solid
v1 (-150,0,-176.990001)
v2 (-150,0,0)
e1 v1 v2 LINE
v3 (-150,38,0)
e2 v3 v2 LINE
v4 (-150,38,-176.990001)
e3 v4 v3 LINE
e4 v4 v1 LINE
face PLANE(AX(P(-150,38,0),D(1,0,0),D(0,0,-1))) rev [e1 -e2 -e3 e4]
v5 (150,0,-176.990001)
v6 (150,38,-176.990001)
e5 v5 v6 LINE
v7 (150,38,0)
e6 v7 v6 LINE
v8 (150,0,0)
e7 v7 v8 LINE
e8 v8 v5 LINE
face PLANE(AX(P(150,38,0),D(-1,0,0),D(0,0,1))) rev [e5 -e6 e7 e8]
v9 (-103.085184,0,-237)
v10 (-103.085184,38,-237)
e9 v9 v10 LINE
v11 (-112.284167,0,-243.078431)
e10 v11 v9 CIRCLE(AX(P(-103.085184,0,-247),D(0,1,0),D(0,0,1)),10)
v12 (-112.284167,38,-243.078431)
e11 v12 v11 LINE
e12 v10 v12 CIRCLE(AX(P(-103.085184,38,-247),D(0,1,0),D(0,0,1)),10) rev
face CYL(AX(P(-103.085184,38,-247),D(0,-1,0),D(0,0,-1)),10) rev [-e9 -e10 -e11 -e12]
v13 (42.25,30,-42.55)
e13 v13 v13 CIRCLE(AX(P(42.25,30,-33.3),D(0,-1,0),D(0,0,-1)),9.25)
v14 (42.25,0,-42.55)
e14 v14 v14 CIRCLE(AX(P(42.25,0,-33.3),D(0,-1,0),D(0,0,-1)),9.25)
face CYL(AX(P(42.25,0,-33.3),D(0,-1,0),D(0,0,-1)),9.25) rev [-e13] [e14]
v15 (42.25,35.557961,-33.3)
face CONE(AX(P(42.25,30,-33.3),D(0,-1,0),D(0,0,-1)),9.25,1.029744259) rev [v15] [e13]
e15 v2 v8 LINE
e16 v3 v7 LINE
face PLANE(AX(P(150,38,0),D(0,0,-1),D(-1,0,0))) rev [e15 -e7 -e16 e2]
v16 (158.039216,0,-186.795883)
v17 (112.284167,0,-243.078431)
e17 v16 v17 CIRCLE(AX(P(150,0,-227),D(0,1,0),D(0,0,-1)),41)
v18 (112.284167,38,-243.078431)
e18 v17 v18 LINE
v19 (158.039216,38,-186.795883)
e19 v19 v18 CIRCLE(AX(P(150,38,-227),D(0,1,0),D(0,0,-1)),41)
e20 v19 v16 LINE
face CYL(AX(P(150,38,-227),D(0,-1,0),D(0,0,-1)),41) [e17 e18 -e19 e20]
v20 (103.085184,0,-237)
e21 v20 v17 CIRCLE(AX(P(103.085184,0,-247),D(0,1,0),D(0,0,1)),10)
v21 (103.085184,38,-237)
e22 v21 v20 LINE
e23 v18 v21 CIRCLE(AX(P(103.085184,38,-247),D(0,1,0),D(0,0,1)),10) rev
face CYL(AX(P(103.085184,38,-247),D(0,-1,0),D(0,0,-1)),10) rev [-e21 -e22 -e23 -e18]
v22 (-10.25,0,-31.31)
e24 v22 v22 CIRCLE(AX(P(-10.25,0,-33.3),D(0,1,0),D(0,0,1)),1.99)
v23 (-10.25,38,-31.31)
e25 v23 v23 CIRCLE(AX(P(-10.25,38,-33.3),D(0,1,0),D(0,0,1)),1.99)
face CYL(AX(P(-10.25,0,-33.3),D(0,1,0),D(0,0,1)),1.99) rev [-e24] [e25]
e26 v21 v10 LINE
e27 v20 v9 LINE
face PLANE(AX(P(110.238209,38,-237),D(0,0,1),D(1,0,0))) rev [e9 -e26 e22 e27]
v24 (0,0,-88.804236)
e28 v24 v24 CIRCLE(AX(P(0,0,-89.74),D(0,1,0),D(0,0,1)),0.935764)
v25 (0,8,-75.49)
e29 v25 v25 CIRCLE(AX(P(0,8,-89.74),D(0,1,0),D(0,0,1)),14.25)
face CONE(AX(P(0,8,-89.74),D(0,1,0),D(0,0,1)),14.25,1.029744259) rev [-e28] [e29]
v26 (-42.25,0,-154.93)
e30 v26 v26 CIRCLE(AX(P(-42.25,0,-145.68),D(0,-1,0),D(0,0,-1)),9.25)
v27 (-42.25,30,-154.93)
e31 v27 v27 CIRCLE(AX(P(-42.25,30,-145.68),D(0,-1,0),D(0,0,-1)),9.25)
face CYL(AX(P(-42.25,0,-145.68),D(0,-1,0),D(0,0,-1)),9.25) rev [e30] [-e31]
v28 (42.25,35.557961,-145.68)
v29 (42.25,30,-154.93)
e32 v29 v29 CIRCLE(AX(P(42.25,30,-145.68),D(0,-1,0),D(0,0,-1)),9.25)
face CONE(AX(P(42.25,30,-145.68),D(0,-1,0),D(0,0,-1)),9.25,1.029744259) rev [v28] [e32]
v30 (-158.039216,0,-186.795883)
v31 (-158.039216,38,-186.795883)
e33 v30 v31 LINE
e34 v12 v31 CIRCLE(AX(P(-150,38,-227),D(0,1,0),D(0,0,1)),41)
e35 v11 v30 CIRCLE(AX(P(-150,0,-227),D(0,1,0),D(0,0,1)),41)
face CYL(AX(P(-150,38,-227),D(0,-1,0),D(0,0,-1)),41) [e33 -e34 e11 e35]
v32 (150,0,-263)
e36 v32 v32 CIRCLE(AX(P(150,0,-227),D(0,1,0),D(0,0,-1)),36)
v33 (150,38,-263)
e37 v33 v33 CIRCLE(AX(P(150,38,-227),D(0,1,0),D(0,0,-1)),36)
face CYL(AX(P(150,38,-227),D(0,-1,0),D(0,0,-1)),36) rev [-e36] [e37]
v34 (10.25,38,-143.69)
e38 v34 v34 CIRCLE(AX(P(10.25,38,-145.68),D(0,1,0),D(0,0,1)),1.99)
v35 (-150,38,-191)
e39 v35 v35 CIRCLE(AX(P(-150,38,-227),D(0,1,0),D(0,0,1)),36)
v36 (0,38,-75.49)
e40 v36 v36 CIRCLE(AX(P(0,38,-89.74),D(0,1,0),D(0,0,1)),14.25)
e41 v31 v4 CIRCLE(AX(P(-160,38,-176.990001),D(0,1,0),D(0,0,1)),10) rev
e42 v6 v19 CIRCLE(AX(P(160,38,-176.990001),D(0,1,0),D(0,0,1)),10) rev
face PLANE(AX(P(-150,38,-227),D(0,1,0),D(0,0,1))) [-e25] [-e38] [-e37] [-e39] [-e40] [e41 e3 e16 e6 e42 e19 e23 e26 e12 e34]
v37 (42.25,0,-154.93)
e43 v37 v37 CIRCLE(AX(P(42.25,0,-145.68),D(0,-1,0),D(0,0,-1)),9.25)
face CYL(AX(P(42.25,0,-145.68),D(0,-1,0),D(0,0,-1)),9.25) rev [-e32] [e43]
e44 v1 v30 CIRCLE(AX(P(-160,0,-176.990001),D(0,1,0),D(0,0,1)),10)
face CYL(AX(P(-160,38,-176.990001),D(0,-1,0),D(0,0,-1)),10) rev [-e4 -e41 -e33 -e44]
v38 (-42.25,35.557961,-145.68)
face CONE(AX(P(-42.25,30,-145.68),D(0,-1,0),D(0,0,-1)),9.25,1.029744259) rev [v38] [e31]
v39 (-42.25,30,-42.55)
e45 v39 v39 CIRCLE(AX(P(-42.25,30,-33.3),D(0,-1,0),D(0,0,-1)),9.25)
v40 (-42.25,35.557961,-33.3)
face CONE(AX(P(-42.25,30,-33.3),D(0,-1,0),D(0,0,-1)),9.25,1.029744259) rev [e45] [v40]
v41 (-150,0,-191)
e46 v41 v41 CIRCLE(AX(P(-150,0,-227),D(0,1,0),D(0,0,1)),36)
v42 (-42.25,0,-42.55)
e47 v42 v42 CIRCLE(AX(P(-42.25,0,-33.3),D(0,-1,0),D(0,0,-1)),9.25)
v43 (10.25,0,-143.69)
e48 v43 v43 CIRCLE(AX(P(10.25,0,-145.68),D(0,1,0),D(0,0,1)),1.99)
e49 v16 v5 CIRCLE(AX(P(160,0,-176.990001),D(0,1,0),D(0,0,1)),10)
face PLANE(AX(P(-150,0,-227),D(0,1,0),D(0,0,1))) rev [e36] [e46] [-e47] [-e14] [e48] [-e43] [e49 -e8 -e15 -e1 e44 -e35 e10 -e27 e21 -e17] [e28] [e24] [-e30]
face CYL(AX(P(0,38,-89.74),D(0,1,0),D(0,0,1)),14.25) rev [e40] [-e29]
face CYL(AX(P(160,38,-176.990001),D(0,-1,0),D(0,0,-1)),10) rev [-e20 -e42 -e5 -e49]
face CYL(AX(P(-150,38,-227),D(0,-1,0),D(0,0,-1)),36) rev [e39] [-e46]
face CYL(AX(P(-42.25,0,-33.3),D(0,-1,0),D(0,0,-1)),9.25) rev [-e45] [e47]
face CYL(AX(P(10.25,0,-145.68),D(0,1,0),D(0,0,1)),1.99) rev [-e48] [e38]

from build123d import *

# Parameters (mm, degrees)
SKETCH1_R                  = 36
BOSS_EXTRUDE1_DEPTH        = 38
FILLET1_R                  = 10
SKETCH2_R                  = 1.99
CUT_EXTRUDE1_DEPTH         = 39
M20X1_5_TAPPED_HOLE1_D     = 18.5
M20X1_5_TAPPED_HOLE1_DEPTH = 30
M20X1_5_TAPPED_HOLE1_TIP   = 5.557960726
M30X1_5_TAPPED_HOLE1_D     = 28.5
M30X1_5_TAPPED_HOLE1_DEPTH = 30
M30X1_5_TAPPED_HOLE1_TIP   = 8.562263821


with BuildPart() as part:
    # Sketch1 → Boss-Extrude1 (new body)
    with BuildSketch(Plane(origin=(0, 0, 0), x_dir=(1, 0, 0), z_dir=(0, 1, 0))):
        with BuildLine():
            Line((150, 0), (-150, 0))
            Line((-150, 0), (-150, 186))
            ThreePointArc((-150, 186), (-182.334192428, 252.209125332), (-110.238209296, 237))
            Line((-110.238209296, 237), (110.238209296, 237))
            ThreePointArc((110.238209296, 237), (182.334192428, 252.209125332), (150, 186))
            Line((150, 186), (150, 0))
        make_face()
        with Locations((-150, 227)):
            Circle(SKETCH1_R, mode=Mode.SUBTRACT)
        with Locations((150, 227)):
            Circle(SKETCH1_R, mode=Mode.SUBTRACT)
    extrude(amount=BOSS_EXTRUDE1_DEPTH)

    # Fillet1
    fillet1_edges = [part.edges().sort_by_distance(p)[0] for p in [
        (-150, 19, -186),
        (-110.238209296, 19, -237),
        (110.238209296, 19, -237),
        (150, 19, -186),
    ]]
    fillet(fillet1_edges, radius=FILLET1_R)

    # Sketch2 → Cut-Extrude1 (cut, through all)
    with BuildSketch(Plane(origin=(0, 38, 0), x_dir=(1, 0, 0), z_dir=(0, 1, 0))):
        with Locations((-10.25, 33.3)):
            Circle(SKETCH2_R)
        with Locations((10.25, 145.68)):
            Circle(SKETCH2_R)
    extrude(amount=-CUT_EXTRUDE1_DEPTH, mode=Mode.SUBTRACT)

    # M20x1.5 Tapped Hole1
    with Locations(Plane(origin=(0, 0, 0), x_dir=(-1, 0, 0), z_dir=(0, -1, 0))):
        with Locations((42.25, 145.68), (-42.25, 145.68), (42.25, 33.3), (-42.25, 33.3)):
            Hole(M20X1_5_TAPPED_HOLE1_D / 2, depth=M20X1_5_TAPPED_HOLE1_DEPTH)
            with Locations((0, 0, -(M20X1_5_TAPPED_HOLE1_DEPTH + M20X1_5_TAPPED_HOLE1_TIP / 2))):  # 118° drill point
                Cone(0, M20X1_5_TAPPED_HOLE1_D / 2, M20X1_5_TAPPED_HOLE1_TIP, mode=Mode.SUBTRACT)

    # M30x1.5 Tapped Hole1
    with Locations(Plane(origin=(0, 38, 0), x_dir=(1, 0, 0), z_dir=(0, 1, 0))):
        with Locations((0, 89.74)):
            Hole(M30X1_5_TAPPED_HOLE1_D / 2, depth=M30X1_5_TAPPED_HOLE1_DEPTH)
            with Locations((0, 0, -(M30X1_5_TAPPED_HOLE1_DEPTH + M30X1_5_TAPPED_HOLE1_TIP / 2))):  # 118° drill point
                Cone(0, M30X1_5_TAPPED_HOLE1_D / 2, M30X1_5_TAPPED_HOLE1_TIP, mode=Mode.SUBTRACT)


solid = part.part
